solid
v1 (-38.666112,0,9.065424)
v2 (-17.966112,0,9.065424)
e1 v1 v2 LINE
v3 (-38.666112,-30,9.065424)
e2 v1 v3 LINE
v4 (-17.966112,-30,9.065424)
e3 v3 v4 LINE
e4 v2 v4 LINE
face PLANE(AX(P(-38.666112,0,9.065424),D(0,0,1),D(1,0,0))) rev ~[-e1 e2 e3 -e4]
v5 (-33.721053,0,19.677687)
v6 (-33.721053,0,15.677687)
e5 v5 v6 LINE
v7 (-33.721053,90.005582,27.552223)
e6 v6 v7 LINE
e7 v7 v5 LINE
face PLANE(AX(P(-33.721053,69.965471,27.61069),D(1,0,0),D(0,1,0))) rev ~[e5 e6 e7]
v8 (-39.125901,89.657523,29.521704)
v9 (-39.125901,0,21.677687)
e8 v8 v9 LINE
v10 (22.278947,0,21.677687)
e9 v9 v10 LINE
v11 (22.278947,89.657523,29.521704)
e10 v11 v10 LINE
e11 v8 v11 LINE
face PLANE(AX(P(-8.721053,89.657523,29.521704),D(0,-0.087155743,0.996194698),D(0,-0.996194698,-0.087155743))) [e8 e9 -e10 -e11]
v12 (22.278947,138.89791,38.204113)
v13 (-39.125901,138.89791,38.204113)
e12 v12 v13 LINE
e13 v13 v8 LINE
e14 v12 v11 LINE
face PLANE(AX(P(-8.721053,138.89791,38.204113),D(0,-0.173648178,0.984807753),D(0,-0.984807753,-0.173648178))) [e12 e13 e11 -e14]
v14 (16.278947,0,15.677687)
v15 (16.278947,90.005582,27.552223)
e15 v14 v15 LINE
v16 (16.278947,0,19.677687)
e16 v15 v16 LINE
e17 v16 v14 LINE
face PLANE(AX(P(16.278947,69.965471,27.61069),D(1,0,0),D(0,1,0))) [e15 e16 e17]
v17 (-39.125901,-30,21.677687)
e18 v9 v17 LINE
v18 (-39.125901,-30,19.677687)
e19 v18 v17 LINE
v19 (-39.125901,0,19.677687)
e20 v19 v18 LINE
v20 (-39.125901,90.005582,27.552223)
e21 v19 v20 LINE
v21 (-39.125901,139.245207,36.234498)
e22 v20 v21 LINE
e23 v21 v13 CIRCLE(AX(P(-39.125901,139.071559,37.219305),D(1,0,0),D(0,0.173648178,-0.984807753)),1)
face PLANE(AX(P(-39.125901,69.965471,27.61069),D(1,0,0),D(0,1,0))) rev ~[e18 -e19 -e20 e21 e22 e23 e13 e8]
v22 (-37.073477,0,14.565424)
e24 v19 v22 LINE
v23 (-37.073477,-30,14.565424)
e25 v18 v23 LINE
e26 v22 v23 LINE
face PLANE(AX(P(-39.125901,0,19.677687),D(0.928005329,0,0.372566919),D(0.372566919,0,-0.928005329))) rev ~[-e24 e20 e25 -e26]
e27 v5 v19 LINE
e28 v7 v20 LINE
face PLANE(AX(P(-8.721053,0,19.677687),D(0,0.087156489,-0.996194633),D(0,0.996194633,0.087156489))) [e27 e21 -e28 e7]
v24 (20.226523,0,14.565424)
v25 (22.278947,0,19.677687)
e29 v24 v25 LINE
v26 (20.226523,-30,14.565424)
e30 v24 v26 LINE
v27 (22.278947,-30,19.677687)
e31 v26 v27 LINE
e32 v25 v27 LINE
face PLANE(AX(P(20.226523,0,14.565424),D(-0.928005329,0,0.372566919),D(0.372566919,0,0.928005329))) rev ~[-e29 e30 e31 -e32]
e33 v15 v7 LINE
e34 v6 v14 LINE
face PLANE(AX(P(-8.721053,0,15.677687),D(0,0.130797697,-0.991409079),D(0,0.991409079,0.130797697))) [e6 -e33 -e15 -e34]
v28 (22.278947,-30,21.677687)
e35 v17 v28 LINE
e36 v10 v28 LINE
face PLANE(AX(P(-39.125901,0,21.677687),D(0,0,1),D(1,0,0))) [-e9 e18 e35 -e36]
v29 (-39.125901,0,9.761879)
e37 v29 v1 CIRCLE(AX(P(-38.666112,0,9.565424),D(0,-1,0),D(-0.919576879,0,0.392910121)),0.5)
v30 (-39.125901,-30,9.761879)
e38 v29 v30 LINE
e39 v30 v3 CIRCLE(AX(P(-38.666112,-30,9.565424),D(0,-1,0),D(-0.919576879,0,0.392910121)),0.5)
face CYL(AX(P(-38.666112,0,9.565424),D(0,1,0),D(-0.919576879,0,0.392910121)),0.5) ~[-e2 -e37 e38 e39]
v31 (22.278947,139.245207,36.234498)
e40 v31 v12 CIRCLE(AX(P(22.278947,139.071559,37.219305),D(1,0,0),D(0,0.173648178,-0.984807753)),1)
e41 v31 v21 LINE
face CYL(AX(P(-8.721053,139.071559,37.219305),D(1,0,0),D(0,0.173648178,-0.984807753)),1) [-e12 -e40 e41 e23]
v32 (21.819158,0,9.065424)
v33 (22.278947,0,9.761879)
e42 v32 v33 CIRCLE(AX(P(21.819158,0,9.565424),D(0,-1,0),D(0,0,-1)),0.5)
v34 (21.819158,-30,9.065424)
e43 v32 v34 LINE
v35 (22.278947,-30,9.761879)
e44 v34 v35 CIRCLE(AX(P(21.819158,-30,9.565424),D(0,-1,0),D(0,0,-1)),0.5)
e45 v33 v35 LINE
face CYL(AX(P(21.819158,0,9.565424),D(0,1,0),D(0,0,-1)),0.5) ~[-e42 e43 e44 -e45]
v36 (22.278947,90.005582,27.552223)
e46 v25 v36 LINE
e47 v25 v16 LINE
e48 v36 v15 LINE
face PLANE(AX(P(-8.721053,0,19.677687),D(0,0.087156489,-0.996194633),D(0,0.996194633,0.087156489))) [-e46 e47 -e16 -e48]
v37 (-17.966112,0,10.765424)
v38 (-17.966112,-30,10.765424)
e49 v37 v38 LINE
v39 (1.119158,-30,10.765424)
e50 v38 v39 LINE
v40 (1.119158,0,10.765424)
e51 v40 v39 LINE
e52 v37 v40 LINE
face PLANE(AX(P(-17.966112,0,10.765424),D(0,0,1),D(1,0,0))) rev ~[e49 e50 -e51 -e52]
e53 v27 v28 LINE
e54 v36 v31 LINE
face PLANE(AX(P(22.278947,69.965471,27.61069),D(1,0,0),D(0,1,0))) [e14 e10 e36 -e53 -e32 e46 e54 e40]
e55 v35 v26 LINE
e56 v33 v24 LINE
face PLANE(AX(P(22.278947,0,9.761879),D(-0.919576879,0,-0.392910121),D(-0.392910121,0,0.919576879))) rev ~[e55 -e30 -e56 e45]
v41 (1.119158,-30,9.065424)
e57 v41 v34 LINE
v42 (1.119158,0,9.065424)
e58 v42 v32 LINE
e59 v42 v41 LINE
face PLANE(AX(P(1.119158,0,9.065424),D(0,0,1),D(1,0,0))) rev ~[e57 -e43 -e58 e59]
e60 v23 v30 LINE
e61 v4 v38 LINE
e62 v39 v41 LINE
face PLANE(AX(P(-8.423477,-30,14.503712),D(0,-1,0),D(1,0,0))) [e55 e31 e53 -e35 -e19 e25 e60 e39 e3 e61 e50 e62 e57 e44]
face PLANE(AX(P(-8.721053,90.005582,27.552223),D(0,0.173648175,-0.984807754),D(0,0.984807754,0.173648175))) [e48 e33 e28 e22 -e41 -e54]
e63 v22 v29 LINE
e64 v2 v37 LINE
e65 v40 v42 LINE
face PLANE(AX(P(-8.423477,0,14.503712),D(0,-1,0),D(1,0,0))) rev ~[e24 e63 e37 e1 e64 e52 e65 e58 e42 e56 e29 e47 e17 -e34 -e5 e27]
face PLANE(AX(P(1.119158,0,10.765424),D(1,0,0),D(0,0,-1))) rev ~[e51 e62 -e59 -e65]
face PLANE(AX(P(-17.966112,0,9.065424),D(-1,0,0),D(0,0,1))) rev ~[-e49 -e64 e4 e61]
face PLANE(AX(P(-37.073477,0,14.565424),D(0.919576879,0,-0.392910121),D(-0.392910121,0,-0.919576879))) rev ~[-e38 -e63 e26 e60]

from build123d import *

# Parameters (mm, degrees)
F0_W          = 61.4048474937
F0_H          = 2
F1_DEPTH      = 30
F4_DEPTH      = 31
F4_DEPTH_BACK = 30.4048474937
F5_DEPTH      = 25


with BuildPart() as f1:
    # F0 (on Front) → F1 (new body)
    with BuildSketch(Plane.XZ):
        with BuildLine():
            Line((-37.0734768147, 14.5654241689), (-39.1259005615, 9.7618792294))
            ThreePointArc((-39.1259005615, 9.7618792294), (-39.0833815375, 9.2899496059), (-38.6661121219, 9.0654241689))
            Line((-38.6661121219, 9.0654241689), (-17.9661121219, 9.0654241689))
            Line((-17.9661121219, 9.0654241689), (-17.9661121219, 10.7654241689))
            Line((-17.9661121219, 10.7654241689), (1.1191584926, 10.7654241689))
            Line((1.1191584926, 10.7654241689), (1.1191584926, 9.0654241689))
            Line((1.1191584926, 9.0654241689), (21.8191584926, 9.0654241689))
            ThreePointArc((21.8191584926, 9.0654241689), (22.2364279081, 9.2899496059), (22.2789469322, 9.7618792294))
            Line((22.2789469322, 9.7618792294), (20.2265231853, 14.5654241689))
            Line((20.2265231853, 14.5654241689), (22.2789469322, 19.6776874363))
            Line((22.2789469322, 19.6776874363), (-39.1259005615, 19.6776874363))
            Line((-39.1259005615, 19.6776874363), (-37.0734768147, 14.5654241689))
        make_face()
        with Locations((-8.4234768147, 20.6776874363)):
            Rectangle(F0_W, F0_H)
    extrude(amount=F1_DEPTH)

    # F3 (on offset) → F4 (join, two sides)
    with BuildSketch(Plane.YZ.offset(-8.7210530678)) as f4_sk:
        with BuildLine():
            Line((138.8979104789, 38.204113167), (89.6575228283, 29.5217042836))
            Line((89.6575228283, 29.5217042836), (0, 21.6776874363))
            Line((0, 21.6776874363), (0, 19.6776874363))
            Line((0, 19.6776874363), (90.0055822498, 27.5522234792))
            Line((90.0055822498, 27.5522234792), (139.2452068342, 36.234497661))
            ThreePointArc((139.2452068342, 36.234497661), (140.0563664095, 37.3929535916), (138.8979104789, 38.204113167))
        make_face()
    extrude(amount=F4_DEPTH)
    extrude(f4_sk.sketch, amount=-F4_DEPTH_BACK)

    # F3 (on offset) → F5 (join, symmetric)
    with BuildSketch(Plane.YZ.offset(-8.7210530678)):
        with BuildLine():
            Line((138.8979104789, 38.204113167), (89.6575228283, 29.5217042836))
            Line((89.6575228283, 29.5217042836), (0, 21.6776874363))
            Line((0, 21.6776874363), (0, 19.6776874363))
            Line((0, 19.6776874363), (90.0055822498, 27.5522234792))
            Line((90.0055822498, 27.5522234792), (139.2452068342, 36.234497661))
            ThreePointArc((139.2452068342, 36.234497661), (140.0563664095, 37.3929535916), (138.8979104789, 38.204113167))
        make_face()
        Polygon((90.0055822498, 27.5522234792), (0, 19.6776874363), (0, 15.6776874363), align=None)
    extrude(amount=F5_DEPTH, both=True)


solid = f1.part
